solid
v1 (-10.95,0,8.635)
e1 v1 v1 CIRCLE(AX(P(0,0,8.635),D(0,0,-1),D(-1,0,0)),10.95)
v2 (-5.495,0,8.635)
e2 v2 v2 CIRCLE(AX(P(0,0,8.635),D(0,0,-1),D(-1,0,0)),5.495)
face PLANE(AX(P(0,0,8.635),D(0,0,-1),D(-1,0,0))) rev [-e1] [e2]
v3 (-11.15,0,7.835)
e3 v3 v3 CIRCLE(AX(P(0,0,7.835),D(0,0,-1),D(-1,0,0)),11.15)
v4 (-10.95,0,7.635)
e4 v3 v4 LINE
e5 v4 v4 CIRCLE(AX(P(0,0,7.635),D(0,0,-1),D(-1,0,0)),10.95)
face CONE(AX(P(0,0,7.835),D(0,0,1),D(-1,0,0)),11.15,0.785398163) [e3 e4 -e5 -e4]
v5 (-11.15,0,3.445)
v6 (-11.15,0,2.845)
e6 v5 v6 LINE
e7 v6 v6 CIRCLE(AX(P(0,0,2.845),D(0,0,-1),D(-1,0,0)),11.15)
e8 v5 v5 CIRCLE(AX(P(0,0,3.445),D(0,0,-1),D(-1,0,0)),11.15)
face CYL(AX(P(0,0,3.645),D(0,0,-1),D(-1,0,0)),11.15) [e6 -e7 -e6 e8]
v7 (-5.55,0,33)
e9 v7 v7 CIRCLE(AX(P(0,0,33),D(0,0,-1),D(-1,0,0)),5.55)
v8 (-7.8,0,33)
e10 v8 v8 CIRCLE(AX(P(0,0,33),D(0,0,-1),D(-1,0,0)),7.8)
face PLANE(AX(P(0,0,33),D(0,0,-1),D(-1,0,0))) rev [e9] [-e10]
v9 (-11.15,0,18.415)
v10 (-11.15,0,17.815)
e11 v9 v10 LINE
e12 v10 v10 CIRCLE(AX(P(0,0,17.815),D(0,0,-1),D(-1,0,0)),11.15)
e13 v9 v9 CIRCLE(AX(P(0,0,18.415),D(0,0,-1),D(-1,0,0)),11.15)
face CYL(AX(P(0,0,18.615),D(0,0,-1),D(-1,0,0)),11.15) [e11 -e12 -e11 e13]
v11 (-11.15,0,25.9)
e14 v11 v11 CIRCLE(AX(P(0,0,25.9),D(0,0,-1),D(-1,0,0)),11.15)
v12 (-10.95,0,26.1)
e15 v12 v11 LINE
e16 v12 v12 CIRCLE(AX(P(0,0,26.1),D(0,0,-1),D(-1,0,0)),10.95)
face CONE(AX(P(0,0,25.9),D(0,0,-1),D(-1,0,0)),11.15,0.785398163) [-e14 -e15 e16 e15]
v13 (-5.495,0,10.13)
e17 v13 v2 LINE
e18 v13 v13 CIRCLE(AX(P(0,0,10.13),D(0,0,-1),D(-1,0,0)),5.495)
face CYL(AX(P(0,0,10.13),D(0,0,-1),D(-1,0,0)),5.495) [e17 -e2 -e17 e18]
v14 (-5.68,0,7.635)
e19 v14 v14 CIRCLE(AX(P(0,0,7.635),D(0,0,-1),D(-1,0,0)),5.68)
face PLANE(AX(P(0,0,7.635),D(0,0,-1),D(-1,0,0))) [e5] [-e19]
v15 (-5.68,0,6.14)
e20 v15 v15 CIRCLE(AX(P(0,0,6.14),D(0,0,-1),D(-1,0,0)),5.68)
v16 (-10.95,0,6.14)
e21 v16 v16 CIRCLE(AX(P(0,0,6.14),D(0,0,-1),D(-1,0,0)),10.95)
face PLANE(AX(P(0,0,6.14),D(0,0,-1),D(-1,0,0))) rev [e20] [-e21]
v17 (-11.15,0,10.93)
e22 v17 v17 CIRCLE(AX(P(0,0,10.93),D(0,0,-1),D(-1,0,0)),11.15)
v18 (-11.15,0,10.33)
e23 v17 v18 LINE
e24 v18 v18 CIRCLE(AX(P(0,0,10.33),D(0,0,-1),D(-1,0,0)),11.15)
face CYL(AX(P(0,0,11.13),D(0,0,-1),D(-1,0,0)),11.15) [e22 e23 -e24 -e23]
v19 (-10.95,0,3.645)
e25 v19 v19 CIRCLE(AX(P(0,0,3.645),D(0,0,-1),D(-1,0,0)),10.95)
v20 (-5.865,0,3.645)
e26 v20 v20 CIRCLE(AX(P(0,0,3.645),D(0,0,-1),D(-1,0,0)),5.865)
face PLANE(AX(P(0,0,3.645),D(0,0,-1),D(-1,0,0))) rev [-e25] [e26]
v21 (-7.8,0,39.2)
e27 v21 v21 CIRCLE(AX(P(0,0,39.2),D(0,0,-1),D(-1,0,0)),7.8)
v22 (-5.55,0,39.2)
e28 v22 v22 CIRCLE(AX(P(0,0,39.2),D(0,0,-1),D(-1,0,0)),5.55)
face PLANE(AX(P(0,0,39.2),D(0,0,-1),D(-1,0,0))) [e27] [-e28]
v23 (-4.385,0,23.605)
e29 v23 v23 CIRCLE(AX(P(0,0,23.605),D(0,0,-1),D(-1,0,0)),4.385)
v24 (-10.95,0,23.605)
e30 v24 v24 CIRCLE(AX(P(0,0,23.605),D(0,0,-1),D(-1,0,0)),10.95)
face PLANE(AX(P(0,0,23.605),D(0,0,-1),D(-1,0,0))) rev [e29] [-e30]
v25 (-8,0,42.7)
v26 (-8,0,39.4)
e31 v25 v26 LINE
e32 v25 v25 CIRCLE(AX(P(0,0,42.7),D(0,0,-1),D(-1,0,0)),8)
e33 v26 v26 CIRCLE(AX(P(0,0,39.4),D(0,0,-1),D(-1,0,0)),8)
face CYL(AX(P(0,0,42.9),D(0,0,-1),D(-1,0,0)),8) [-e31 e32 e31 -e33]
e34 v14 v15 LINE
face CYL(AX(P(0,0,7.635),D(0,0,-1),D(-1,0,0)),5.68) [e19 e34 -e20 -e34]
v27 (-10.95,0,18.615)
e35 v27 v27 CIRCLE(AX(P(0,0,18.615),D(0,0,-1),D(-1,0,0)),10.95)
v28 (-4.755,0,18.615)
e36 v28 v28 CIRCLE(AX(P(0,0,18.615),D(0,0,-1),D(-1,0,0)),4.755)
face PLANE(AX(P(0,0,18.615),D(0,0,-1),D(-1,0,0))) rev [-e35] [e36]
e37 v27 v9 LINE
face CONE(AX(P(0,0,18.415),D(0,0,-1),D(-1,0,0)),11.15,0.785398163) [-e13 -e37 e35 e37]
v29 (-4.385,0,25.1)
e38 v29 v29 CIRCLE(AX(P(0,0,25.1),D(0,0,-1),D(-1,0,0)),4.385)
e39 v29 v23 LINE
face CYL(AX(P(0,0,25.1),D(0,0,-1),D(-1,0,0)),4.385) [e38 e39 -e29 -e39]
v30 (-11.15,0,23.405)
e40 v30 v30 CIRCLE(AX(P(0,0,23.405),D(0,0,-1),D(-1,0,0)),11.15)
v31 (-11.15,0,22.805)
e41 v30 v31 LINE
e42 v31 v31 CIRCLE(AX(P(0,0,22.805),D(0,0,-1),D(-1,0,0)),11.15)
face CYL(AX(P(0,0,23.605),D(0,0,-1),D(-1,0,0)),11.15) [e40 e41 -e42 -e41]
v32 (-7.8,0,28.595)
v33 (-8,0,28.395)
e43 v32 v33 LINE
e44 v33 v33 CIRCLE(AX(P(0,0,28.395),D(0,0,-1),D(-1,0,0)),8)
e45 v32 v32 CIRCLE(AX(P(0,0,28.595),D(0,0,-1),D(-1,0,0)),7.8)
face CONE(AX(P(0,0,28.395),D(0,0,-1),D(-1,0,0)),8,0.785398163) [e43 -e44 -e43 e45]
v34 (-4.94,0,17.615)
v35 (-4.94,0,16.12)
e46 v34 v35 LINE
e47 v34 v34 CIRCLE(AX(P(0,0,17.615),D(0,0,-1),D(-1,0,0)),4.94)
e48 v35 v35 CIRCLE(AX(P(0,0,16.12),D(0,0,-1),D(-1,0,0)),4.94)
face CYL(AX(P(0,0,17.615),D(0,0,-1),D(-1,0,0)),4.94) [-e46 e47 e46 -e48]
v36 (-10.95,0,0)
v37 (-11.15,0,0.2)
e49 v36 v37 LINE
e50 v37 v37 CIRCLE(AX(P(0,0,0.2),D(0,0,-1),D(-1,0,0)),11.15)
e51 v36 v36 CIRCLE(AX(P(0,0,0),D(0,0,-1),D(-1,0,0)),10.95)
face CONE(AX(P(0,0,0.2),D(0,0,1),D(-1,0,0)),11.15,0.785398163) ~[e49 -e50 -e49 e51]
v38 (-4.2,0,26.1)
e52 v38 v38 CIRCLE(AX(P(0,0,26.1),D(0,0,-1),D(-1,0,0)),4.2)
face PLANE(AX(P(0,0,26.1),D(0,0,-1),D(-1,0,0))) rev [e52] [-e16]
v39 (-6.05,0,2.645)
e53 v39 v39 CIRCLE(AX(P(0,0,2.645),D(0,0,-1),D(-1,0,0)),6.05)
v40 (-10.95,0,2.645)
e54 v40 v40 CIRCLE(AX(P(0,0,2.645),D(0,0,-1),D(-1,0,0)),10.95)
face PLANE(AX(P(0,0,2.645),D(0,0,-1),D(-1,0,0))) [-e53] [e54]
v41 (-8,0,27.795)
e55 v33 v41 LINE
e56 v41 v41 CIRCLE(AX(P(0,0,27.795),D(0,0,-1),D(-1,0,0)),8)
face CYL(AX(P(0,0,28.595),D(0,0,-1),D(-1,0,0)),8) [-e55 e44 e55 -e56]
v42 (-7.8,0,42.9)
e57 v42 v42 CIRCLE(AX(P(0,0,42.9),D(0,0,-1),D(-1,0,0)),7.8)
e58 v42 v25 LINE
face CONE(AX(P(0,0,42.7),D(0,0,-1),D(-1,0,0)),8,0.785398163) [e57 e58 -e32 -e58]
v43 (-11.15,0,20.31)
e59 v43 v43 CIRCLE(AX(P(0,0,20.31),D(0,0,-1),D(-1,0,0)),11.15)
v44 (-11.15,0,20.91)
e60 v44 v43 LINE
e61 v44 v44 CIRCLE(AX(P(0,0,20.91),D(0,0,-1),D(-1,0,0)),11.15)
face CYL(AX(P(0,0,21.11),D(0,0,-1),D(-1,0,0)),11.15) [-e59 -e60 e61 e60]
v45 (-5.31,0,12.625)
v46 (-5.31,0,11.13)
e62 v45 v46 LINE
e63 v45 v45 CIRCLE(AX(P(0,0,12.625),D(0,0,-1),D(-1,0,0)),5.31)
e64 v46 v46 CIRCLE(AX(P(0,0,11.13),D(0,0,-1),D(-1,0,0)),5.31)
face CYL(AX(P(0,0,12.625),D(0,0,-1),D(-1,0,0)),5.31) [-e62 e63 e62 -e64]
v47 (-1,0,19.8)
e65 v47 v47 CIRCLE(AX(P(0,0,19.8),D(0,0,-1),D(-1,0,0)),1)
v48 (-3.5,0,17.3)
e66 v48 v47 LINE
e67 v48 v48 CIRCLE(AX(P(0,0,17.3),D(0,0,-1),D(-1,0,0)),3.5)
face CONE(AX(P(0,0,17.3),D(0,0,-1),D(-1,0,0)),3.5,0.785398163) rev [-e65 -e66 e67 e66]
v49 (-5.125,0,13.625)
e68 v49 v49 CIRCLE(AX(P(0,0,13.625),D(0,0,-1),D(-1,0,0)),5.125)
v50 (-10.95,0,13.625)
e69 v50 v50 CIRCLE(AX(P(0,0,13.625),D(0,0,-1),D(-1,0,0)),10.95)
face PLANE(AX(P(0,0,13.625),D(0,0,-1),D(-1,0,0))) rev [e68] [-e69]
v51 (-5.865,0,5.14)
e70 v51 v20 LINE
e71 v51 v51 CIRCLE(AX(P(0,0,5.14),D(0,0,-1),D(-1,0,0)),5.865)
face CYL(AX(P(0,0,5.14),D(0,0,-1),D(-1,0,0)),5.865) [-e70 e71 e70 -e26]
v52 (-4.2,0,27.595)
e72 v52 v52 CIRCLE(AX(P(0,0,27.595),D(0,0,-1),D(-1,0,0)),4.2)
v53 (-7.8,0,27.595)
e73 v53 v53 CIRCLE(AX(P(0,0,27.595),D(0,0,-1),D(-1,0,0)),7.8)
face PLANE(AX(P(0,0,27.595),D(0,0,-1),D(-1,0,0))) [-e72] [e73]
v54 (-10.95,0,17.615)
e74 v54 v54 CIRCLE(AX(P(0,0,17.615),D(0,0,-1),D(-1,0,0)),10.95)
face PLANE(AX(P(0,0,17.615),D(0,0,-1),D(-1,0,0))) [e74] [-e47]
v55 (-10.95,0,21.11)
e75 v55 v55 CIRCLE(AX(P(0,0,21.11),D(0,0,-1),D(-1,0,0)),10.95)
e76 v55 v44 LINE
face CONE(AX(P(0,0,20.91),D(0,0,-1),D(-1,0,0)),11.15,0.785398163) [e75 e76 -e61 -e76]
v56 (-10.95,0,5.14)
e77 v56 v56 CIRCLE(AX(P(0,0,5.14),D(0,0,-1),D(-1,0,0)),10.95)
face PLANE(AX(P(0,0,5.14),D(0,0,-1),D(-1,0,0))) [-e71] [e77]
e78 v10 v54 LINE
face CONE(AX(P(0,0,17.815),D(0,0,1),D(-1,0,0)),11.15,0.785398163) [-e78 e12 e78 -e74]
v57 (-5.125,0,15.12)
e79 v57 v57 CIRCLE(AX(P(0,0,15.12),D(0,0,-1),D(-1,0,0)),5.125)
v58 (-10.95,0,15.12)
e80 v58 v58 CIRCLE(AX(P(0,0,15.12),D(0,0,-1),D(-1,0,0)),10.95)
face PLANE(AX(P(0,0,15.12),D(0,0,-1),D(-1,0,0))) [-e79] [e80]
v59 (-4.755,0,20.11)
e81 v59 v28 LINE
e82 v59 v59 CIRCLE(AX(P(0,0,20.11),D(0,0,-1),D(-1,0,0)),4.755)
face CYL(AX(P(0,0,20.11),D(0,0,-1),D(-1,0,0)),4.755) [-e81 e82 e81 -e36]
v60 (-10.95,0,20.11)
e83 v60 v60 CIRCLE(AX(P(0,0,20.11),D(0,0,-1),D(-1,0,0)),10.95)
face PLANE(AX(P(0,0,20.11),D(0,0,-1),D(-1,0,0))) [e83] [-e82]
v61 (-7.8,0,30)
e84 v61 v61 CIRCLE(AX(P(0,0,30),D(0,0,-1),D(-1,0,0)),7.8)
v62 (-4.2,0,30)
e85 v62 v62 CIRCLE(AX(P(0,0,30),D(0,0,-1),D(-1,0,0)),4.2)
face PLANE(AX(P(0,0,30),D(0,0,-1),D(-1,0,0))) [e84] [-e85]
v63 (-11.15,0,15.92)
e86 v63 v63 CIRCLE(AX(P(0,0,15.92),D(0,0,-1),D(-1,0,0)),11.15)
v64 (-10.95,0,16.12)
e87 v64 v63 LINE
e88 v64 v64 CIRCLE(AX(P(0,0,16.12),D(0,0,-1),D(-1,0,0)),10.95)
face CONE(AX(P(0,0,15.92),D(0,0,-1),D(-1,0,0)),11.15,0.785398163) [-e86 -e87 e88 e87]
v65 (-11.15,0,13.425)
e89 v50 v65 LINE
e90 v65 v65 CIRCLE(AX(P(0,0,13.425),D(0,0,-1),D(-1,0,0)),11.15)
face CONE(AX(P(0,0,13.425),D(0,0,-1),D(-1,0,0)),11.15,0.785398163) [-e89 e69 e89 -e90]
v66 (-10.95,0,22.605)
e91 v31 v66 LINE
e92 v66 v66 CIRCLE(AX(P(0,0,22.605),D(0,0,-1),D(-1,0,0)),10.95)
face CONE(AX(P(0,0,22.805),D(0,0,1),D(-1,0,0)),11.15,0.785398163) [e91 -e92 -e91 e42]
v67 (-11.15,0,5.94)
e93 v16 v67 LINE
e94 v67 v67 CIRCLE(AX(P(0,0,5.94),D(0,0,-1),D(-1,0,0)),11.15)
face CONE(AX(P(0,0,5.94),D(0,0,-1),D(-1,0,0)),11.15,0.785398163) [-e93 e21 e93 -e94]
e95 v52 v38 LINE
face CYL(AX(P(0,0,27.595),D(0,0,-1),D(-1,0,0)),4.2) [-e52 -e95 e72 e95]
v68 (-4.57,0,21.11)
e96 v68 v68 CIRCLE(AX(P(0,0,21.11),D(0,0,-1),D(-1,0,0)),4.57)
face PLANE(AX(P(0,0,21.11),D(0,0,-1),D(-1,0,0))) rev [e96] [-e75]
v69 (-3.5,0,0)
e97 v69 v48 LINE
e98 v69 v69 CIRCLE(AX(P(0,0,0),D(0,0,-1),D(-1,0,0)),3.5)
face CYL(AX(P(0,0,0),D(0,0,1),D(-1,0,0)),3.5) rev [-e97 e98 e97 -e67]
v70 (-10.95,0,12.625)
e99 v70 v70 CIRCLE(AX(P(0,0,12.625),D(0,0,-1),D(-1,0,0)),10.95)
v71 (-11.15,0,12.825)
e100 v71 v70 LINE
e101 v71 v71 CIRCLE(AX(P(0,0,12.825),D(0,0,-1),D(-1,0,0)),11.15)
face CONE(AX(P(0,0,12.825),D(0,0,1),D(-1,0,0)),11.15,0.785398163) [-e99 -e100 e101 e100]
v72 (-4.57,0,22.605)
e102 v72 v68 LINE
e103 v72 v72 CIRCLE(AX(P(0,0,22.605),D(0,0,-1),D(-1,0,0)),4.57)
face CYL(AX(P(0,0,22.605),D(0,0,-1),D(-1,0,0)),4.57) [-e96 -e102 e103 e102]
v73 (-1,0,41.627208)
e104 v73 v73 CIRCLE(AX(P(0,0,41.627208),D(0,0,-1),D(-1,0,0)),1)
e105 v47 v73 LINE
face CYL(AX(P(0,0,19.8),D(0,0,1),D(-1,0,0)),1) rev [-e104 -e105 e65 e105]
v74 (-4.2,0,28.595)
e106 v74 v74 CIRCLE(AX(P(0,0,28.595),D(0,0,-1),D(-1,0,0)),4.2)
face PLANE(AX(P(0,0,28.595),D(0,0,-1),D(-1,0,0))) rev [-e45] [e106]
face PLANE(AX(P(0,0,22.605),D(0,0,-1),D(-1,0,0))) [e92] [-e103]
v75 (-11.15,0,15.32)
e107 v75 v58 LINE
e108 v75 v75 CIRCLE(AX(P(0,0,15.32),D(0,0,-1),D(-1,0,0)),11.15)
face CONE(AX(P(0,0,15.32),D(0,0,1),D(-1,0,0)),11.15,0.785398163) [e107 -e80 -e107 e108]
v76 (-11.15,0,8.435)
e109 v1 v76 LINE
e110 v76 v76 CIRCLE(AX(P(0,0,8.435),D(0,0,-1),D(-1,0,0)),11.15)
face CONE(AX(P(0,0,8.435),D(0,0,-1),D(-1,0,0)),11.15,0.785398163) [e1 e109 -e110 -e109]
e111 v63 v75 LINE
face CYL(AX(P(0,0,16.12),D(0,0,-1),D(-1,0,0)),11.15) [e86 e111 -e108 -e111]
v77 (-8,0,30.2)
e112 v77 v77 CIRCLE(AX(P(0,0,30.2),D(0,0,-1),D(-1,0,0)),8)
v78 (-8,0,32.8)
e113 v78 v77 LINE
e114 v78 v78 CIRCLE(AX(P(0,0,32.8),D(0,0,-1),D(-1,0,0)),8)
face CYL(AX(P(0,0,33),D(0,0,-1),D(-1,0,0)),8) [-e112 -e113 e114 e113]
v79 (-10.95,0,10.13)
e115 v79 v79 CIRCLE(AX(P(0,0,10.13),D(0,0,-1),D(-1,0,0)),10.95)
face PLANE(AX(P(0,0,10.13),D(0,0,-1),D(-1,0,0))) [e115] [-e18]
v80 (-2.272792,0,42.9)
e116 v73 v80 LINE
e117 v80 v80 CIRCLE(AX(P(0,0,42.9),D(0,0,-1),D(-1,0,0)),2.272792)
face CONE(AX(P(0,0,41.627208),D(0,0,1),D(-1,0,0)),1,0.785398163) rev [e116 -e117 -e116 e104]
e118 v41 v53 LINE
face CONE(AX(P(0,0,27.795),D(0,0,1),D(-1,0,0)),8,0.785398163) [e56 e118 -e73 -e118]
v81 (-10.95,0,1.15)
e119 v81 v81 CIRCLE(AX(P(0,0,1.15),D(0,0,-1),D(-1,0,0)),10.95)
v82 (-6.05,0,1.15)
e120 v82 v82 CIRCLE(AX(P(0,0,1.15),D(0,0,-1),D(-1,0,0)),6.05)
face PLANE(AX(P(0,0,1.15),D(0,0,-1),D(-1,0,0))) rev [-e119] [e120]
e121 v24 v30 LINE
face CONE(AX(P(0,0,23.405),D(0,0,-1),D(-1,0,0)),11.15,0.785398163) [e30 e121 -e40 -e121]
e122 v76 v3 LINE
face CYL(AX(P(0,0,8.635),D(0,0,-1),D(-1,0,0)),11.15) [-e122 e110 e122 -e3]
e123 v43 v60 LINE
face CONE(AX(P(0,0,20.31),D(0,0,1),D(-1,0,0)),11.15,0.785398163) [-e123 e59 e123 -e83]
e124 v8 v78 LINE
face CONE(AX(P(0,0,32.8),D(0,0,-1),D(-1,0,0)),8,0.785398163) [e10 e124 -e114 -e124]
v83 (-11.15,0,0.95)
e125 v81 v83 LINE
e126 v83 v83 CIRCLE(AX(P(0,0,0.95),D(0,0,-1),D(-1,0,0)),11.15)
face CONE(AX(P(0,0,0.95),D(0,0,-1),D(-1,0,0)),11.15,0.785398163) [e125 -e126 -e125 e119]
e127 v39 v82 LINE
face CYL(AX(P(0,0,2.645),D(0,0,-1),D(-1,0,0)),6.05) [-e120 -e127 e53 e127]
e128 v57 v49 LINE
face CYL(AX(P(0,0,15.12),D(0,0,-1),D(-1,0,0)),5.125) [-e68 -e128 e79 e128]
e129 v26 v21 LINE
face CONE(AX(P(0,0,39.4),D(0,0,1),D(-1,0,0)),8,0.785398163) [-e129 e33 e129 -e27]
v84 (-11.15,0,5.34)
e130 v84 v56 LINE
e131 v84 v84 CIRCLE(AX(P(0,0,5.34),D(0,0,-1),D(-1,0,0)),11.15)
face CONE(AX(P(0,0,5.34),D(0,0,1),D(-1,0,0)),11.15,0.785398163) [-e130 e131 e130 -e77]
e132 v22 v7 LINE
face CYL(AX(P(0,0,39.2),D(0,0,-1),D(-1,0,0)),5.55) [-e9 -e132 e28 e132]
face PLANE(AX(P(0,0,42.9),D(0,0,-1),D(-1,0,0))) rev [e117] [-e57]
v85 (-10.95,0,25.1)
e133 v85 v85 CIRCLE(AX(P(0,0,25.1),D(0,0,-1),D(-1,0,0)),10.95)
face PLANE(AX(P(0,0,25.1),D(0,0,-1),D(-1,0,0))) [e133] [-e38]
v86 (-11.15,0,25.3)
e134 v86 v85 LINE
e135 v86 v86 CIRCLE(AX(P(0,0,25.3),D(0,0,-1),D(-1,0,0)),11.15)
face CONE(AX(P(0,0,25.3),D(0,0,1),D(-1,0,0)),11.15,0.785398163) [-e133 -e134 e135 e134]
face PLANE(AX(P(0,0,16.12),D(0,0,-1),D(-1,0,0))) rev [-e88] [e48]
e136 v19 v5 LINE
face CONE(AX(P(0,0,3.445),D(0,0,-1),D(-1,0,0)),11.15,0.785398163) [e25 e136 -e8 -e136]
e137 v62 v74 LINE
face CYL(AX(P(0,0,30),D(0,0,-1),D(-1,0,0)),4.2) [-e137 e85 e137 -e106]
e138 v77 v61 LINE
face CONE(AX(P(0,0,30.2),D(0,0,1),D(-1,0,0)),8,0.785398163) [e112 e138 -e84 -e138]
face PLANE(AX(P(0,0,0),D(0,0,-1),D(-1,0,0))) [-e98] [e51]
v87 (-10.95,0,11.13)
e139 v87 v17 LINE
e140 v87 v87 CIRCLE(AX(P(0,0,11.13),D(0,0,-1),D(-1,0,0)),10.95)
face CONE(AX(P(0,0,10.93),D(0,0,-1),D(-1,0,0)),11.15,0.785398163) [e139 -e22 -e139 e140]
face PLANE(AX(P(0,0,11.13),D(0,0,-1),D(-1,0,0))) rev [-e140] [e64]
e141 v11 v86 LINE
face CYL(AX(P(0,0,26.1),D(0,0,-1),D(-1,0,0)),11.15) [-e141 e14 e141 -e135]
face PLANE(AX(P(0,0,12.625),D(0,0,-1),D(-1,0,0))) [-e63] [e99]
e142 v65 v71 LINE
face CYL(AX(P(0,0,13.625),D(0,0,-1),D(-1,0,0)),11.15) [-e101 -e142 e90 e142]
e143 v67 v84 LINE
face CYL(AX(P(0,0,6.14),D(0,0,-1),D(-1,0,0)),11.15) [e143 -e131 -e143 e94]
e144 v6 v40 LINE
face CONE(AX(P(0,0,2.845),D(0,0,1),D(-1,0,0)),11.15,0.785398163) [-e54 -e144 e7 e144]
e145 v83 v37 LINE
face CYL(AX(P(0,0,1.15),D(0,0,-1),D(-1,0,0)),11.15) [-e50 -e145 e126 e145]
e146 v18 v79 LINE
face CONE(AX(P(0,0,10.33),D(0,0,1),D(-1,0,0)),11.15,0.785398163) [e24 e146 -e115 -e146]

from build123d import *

# Parameters (mm, degrees)
F2_SIZE = 0.2


with BuildPart() as f1:
    # F0 (on Front) → F1 (revolve)
    with BuildSketch(Plane.XZ):
        Polygon((-11.15, 0), (-3.5, 0), (-3.5, 17.3), (-1, 19.8), (-1, 41.627208), (-2.272792, 42.9), (-8, 42.9), (-8, 39.2), (-5.55, 39.2), (-5.55, 33), (-8, 33), (-8, 30), (-4.2, 30), (-4.2, 28.595), (-8, 28.595), (-8, 27.595), (-4.2, 27.595), (-4.2, 26.1), (-11.15, 26.1), (-11.15, 25.1), (-4.385, 25.1), (-4.385, 23.605), (-11.15, 23.605), (-11.15, 22.605), (-4.57, 22.605), (-4.57, 21.11), (-11.15, 21.11), (-11.15, 20.11), (-4.755, 20.11), (-4.755, 18.615), (-11.15, 18.615), (-11.15, 17.615), (-4.94, 17.615), (-4.94, 16.12), (-11.15, 16.12), (-11.15, 15.12), (-5.125, 15.12), (-5.125, 13.625), (-11.15, 13.625), (-11.15, 12.625), (-5.31, 12.625), (-5.31, 11.13), (-11.15, 11.13), (-11.15, 10.13), (-5.495, 10.13), (-5.495, 8.635), (-11.15, 8.635), (-11.15, 7.635), (-5.68, 7.635), (-5.68, 6.14), (-11.15, 6.14), (-11.15, 5.14), (-5.865, 5.14), (-5.865, 3.645), (-11.15, 3.645), (-11.15, 2.645), (-6.05, 2.645), (-6.05, 1.15), (-11.15, 1.15), align=None)
    revolve(axis=Axis((0, 0, 21.45), (0, 0, -1)))

    # F2
    f2_edges = [f1.edges().sort_by_distance(p)[0] for p in [
        (8, 0, 42.9),
        (8, 0, 39.2),
        (-8, 0, 41.05),
        (8, 0, 33),
        (8, 0, 30),
        (-8, 0, 31.5),
        (8, 0, 28.595),
        (8, 0, 27.595),
        (-8, 0, 28.095),
        (11.15, 0, 26.1),
        (11.15, 0, 25.1),
        (-11.15, 0, 25.6),
        (11.15, 0, 23.605),
        (11.15, 0, 22.605),
        (-11.15, 0, 23.105),
        (11.15, 0, 21.11),
        (11.15, 0, 20.11),
        (-11.15, 0, 20.61),
        (11.15, 0, 18.615),
        (11.15, 0, 17.615),
        (-11.15, 0, 18.115),
        (11.15, 0, 16.12),
        (11.15, 0, 15.12),
        (-11.15, 0, 15.62),
        (11.15, 0, 13.625),
        (11.15, 0, 12.625),
        (-11.15, 0, 13.125),
        (11.15, 0, 11.13),
        (11.15, 0, 10.13),
        (-11.15, 0, 10.63),
        (11.15, 0, 8.635),
        (11.15, 0, 7.635),
        (-11.15, 0, 8.135),
        (11.15, 0, 6.14),
        (11.15, 0, 5.14),
        (-11.15, 0, 5.64),
        (11.15, 0, 3.645),
        (11.15, 0, 2.645),
        (-11.15, 0, 3.145),
        (11.15, 0, 1.15),
        (11.15, 0, 0),
        (-11.15, 0, 0.575),
    ]]
    chamfer(f2_edges, length=F2_SIZE)


solid = f1.part
